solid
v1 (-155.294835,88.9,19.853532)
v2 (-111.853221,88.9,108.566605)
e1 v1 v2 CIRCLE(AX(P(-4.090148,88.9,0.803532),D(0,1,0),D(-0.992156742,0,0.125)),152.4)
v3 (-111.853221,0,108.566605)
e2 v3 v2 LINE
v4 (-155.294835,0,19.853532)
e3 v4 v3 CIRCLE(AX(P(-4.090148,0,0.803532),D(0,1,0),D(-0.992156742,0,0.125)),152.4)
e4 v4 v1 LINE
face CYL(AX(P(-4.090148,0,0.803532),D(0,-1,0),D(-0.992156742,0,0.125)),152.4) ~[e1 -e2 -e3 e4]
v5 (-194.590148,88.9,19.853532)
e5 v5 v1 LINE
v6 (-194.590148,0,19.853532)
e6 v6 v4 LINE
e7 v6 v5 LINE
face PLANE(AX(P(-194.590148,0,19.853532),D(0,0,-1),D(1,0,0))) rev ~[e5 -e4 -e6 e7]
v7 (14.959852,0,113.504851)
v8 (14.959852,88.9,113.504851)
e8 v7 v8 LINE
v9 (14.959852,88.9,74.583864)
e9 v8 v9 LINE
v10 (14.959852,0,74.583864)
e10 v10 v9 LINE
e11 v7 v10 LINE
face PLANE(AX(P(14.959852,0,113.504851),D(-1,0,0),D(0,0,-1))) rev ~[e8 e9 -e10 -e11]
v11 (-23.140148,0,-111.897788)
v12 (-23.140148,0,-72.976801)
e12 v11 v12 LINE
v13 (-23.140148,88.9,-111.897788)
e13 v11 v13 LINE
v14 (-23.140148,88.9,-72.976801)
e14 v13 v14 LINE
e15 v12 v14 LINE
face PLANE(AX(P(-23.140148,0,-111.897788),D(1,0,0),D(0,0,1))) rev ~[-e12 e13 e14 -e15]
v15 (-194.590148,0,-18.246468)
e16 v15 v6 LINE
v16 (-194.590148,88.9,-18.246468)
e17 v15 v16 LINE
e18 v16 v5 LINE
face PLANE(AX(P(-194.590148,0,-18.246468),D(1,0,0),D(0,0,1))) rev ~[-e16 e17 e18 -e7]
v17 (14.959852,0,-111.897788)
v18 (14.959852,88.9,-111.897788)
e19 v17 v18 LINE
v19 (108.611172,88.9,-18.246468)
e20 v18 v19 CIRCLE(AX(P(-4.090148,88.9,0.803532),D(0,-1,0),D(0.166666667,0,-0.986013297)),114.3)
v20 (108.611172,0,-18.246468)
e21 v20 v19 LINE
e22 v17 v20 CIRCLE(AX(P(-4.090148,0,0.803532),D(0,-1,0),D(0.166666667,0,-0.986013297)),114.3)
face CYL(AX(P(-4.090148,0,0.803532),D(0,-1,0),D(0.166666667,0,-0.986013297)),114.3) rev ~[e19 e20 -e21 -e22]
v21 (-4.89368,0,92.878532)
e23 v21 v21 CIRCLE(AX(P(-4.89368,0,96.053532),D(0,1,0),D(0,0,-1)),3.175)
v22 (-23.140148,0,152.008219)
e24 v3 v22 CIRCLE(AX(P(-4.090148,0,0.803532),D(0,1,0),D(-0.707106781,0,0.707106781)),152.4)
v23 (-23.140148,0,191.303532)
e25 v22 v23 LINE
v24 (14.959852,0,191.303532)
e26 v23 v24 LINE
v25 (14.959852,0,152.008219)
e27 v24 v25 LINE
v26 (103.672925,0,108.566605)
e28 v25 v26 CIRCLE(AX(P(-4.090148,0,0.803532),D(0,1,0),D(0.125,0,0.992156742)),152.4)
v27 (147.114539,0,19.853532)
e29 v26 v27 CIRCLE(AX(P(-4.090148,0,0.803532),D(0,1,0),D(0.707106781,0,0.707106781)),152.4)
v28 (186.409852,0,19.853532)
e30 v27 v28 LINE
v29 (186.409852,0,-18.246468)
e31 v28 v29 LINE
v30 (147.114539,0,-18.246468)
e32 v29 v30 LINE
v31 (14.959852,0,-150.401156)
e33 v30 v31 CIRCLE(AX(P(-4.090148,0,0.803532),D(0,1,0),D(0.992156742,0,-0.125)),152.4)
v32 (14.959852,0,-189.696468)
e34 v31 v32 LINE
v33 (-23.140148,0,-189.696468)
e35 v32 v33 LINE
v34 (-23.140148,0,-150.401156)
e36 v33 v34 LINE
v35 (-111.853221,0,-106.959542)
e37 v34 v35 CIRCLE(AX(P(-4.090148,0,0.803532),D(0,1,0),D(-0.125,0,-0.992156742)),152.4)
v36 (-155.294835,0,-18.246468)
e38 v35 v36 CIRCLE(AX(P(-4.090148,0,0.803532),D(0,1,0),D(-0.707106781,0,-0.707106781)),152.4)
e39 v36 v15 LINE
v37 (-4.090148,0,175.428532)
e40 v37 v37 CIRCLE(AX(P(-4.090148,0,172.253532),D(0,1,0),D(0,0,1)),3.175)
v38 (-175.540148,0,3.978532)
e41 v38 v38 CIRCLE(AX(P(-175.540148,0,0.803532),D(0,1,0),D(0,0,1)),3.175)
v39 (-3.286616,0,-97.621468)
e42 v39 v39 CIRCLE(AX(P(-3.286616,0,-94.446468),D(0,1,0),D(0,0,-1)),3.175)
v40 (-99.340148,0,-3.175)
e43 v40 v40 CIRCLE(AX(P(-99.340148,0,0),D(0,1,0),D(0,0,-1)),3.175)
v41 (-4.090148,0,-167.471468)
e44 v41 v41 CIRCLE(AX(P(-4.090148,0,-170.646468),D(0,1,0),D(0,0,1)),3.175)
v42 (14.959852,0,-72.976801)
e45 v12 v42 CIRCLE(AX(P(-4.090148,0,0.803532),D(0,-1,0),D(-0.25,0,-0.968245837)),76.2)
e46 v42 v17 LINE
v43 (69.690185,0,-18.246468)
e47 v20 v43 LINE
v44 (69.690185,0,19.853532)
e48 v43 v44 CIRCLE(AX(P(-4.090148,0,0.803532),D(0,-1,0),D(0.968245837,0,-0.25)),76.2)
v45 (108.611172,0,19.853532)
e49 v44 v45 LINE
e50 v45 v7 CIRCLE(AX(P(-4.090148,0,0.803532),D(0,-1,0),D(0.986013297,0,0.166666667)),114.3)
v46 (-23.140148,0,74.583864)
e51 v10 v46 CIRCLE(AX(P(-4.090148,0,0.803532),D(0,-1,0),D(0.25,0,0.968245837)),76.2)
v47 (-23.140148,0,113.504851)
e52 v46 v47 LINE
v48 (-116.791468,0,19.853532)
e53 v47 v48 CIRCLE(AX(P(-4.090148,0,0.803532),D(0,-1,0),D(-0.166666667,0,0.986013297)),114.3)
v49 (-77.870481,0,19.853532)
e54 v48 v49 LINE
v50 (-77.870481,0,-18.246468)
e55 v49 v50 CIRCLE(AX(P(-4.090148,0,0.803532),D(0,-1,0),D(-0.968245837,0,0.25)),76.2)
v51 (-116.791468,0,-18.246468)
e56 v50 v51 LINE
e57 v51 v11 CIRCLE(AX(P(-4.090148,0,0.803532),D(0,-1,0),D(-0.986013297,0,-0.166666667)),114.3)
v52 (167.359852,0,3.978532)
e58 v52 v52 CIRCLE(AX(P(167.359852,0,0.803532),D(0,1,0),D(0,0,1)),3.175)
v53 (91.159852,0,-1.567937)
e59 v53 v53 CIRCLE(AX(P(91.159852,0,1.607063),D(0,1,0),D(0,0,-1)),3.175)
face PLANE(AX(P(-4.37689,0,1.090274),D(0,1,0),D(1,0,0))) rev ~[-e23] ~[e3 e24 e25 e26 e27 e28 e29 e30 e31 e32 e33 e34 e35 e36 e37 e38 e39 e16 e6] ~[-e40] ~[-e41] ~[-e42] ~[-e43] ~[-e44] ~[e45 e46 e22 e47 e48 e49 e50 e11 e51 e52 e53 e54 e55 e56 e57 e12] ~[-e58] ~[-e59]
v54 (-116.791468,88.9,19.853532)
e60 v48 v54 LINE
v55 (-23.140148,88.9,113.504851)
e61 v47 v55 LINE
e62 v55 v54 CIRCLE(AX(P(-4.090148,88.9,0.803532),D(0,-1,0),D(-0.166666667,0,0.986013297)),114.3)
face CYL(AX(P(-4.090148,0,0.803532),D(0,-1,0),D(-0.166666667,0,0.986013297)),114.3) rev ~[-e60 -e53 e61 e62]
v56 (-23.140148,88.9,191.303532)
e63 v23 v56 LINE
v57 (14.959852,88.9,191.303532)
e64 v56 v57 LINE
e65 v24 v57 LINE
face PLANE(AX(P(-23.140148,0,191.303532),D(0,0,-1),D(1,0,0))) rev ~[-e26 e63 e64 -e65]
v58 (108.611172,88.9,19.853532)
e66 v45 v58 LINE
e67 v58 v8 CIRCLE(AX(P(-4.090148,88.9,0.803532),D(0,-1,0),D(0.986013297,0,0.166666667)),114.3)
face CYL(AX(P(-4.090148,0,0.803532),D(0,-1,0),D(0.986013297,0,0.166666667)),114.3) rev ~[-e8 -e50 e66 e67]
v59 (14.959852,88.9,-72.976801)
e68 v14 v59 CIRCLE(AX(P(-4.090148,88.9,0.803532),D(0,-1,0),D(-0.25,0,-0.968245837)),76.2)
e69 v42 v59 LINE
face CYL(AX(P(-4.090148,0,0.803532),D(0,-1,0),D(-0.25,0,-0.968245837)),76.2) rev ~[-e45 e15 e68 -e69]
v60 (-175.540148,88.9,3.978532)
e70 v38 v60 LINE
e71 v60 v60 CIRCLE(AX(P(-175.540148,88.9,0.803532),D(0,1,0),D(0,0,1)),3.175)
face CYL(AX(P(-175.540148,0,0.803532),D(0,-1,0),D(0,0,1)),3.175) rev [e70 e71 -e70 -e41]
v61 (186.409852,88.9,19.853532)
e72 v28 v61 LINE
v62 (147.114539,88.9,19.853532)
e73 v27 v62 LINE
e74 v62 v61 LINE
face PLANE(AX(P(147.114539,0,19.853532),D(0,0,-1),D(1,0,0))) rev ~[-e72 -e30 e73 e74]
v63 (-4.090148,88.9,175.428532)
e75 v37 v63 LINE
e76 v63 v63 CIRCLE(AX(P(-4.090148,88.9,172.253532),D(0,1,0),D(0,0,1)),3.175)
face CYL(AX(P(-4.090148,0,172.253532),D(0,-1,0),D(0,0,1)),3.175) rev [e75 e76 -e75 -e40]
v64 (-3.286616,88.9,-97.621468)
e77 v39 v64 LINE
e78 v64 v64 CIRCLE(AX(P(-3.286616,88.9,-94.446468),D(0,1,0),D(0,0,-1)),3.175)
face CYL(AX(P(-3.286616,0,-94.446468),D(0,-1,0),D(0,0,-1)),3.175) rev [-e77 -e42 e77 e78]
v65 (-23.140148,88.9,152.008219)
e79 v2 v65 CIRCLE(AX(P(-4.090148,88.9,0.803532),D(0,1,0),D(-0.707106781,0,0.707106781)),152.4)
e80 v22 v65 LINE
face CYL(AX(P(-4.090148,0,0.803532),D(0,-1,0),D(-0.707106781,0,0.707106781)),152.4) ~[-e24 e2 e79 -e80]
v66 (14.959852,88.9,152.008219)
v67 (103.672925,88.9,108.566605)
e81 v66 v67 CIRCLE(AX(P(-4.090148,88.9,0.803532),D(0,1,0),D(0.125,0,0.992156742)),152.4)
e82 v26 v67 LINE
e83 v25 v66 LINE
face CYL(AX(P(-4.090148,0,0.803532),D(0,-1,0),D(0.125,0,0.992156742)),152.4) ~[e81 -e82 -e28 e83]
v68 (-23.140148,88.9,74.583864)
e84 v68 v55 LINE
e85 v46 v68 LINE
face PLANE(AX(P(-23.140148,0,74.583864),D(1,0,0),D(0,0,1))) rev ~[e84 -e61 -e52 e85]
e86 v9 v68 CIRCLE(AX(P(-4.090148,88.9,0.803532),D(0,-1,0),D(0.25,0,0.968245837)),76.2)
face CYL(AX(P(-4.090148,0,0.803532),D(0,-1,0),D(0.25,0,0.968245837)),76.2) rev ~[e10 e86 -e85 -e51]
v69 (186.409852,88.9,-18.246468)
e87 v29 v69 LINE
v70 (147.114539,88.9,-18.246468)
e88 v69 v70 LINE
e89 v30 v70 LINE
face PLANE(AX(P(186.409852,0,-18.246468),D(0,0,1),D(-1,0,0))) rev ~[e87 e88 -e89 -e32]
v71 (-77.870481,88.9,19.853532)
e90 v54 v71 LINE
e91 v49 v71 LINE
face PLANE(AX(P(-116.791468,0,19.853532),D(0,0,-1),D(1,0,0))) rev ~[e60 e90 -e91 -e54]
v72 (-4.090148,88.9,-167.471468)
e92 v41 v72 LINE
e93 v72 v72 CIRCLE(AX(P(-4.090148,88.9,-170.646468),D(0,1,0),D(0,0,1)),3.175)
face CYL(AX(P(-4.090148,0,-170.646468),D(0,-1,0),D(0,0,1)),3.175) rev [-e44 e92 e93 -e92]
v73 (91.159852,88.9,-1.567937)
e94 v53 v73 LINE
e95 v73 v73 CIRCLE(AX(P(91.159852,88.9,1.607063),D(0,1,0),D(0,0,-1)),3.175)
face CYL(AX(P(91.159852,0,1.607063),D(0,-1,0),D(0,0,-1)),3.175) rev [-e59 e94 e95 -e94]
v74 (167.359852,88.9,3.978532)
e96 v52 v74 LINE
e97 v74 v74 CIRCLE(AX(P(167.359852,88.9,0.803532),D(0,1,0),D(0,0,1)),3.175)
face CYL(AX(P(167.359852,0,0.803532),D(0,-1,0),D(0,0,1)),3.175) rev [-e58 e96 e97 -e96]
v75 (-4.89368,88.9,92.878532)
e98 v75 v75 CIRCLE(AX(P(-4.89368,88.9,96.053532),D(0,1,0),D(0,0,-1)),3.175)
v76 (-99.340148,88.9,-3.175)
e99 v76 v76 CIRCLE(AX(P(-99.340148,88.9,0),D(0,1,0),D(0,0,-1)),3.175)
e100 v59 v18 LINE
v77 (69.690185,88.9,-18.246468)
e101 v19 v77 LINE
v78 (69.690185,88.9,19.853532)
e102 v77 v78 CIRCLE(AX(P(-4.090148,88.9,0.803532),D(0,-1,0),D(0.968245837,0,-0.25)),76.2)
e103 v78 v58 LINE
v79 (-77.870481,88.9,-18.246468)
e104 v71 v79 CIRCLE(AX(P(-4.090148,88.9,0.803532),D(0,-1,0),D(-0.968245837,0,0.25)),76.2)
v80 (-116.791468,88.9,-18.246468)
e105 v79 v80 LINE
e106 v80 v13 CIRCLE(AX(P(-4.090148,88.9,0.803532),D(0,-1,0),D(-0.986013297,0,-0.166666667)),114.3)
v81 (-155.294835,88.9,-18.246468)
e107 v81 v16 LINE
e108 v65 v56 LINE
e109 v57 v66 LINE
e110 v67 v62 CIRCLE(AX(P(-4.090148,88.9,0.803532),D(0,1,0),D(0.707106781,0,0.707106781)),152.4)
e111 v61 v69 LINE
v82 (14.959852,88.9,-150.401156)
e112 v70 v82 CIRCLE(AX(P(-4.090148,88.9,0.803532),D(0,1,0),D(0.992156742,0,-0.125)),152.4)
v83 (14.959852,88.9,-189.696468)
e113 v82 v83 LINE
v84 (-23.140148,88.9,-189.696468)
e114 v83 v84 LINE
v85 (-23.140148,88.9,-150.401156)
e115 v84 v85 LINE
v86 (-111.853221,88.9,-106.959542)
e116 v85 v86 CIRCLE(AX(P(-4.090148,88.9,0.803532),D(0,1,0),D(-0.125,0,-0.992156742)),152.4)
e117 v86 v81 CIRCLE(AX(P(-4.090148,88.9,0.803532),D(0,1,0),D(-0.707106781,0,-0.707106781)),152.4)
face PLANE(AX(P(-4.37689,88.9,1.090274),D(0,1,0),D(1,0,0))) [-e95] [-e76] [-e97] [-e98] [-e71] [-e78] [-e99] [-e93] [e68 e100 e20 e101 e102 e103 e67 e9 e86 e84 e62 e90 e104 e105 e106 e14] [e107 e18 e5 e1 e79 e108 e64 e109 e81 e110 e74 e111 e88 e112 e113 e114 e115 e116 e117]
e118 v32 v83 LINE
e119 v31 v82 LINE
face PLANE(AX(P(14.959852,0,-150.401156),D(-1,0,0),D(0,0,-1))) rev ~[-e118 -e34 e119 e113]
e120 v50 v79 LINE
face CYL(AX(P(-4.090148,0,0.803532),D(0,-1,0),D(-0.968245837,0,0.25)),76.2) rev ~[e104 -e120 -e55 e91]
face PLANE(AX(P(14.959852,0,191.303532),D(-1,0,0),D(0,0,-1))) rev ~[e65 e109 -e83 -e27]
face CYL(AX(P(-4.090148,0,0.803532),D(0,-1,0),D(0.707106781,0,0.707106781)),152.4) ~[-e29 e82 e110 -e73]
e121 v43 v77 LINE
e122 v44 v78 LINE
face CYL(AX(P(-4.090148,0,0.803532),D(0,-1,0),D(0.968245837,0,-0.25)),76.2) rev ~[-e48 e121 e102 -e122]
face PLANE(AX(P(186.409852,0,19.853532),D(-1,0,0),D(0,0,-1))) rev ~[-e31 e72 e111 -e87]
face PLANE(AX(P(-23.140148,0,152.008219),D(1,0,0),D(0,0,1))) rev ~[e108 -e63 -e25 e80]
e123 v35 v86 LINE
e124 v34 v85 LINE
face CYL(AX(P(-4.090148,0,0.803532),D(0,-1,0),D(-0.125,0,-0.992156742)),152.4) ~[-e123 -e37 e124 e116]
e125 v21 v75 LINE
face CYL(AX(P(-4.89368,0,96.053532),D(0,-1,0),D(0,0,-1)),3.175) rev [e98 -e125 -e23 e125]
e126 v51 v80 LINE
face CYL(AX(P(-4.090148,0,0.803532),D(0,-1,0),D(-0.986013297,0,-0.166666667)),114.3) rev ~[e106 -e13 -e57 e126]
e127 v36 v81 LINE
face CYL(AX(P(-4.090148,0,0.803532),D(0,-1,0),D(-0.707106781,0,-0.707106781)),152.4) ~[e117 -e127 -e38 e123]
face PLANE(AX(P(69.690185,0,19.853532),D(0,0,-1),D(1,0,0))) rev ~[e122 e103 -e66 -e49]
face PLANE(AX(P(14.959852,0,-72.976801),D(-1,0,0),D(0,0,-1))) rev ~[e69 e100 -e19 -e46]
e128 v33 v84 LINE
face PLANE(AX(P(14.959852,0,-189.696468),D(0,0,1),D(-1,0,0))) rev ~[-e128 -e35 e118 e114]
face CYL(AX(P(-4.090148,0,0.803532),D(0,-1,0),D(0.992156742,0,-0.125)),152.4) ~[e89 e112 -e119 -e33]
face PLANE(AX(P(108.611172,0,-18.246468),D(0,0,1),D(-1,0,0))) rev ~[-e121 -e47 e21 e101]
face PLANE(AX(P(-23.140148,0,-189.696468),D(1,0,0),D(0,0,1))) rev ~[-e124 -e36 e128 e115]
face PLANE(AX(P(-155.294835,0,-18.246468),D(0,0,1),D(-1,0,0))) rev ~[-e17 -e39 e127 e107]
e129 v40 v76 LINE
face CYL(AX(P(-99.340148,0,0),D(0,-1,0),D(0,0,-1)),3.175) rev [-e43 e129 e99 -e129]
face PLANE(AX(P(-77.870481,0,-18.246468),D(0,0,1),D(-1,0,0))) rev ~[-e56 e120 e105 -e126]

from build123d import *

# Parameters (mm, degrees)
SKETCH_1_R      = 3.175
EXTRUDE_1_DEPTH = 88.9


with BuildPart() as part:
    # Эскиз1 → Бобышка-Вытянуть1 (new body)
    with BuildSketch(Plane(origin=(0, 0, 0), x_dir=(1, 0, 0), z_dir=(0, 1, 0))):
        with BuildLine():
            Line((-194.590147989, 18.24646839), (-194.590147989, -19.85353161))
            Line((-194.590147989, -19.85353161), (-155.294835417, -19.85353161))
            ThreePointArc((-155.294835417, -19.85353161), (-140.960808265, -67.827276327), (-111.853221442, -108.566605063))
            ThreePointArc((-111.853221442, -108.566605063), (-71.113892706, -137.674191886), (-23.140147989, -152.008219038))
            Line((-23.140147989, -152.008219038), (-23.140147989, -191.30353161))
            Line((-23.140147989, -191.30353161), (14.959852011, -191.30353161))
            Line((14.959852011, -191.30353161), (14.959852011, -152.008219038))
            ThreePointArc((14.959852011, -152.008219038), (62.933596727, -137.674191886), (103.672925464, -108.566605063))
            ThreePointArc((103.672925464, -108.566605063), (132.780512286, -67.827276327), (147.114539438, -19.85353161))
            Line((147.114539438, -19.85353161), (186.409852011, -19.85353161))
            Line((186.409852011, -19.85353161), (186.409852011, 18.24646839))
            Line((186.409852011, 18.24646839), (147.114539438, 18.24646839))
            ThreePointArc((147.114539438, 18.24646839), (132.780512286, 66.220213106), (103.672925464, 106.959541842))
            ThreePointArc((103.672925464, 106.959541842), (62.933596727, 136.067128665), (14.959852011, 150.401155817))
            Line((14.959852011, 150.401155817), (14.959852011, 189.69646839))
            Line((14.959852011, 189.69646839), (-23.140147989, 189.69646839))
            Line((-23.140147989, 189.69646839), (-23.140147989, 150.401155817))
            ThreePointArc((-23.140147989, 150.401155817), (-71.113892706, 136.067128665), (-111.853221442, 106.959541842))
            ThreePointArc((-111.853221442, 106.959541842), (-140.960808265, 66.220213106), (-155.294835417, 18.24646839))
            Line((-155.294835417, 18.24646839), (-194.590147989, 18.24646839))
        make_face()
        with Locations(Location((-175.540147989, -0.80353161, 0), (0, 0, 270))):
            Circle(SKETCH_1_R, mode=Mode.SUBTRACT)
        with Locations(Location((-99.340147989, 0, 0), (0, 0, 90))):
            Circle(SKETCH_1_R, mode=Mode.SUBTRACT)
        with Locations(Location((-4.090147989, 170.64646839, 0), (0, 0, 270))):
            Circle(SKETCH_1_R, mode=Mode.SUBTRACT)
        with Locations(Location((-3.286616379, 94.44646839, 0), (0, 0, 90))):
            Circle(SKETCH_1_R, mode=Mode.SUBTRACT)
        with Locations(Location((167.359852011, -0.80353161, 0), (0, 0, 270))):
            Circle(SKETCH_1_R, mode=Mode.SUBTRACT)
        with Locations(Location((91.159852011, -1.607063221, 0), (0, 0, 90))):
            Circle(SKETCH_1_R, mode=Mode.SUBTRACT)
        with Locations(Location((-4.090147989, -172.25353161, 0), (0, 0, 270))):
            Circle(SKETCH_1_R, mode=Mode.SUBTRACT)
        with Locations(Location((-4.8936796, -96.05353161, 0), (0, 0, 90))):
            Circle(SKETCH_1_R, mode=Mode.SUBTRACT)
        with BuildLine():
            Line((-77.870480735, 18.24646839), (-116.791467857, 18.24646839))
            ThreePointArc((-116.791467857, 18.24646839), (-84.912453079, 80.018773479), (-23.140147989, 111.897788258))
            Line((-23.140147989, 111.897788258), (-23.140147989, 72.976801135))
            ThreePointArc((-23.140147989, 72.976801135), (-4.090147989, 75.39646839), (14.959852011, 72.976801135))
            Line((14.959852011, 72.976801135), (14.959852011, 111.897788258))
            ThreePointArc((14.959852011, 111.897788258), (76.7321571, 80.018773479), (108.611171879, 18.24646839))
            Line((108.611171879, 18.24646839), (69.690184756, 18.24646839))
            ThreePointArc((69.690184756, 18.24646839), (72.109852011, -0.80353161), (69.690184756, -19.85353161))
            Line((69.690184756, -19.85353161), (108.611171879, -19.85353161))
            ThreePointArc((108.611171879, -19.85353161), (76.7321571, -81.6258367), (14.959852011, -113.504851478))
            Line((14.959852011, -113.504851478), (14.959852011, -74.583864356))
            ThreePointArc((14.959852011, -74.583864356), (-4.090147989, -77.00353161), (-23.140147989, -74.583864356))
            Line((-23.140147989, -74.583864356), (-23.140147989, -113.504851478))
            ThreePointArc((-23.140147989, -113.504851478), (-84.912453079, -81.6258367), (-116.791467857, -19.85353161))
            Line((-116.791467857, -19.85353161), (-77.870480735, -19.85353161))
            ThreePointArc((-77.870480735, -19.85353161), (-80.290147989, -0.80353161), (-77.870480735, 18.24646839))
        make_face(mode=Mode.SUBTRACT)
    extrude(amount=EXTRUDE_1_DEPTH)


solid = part.part
